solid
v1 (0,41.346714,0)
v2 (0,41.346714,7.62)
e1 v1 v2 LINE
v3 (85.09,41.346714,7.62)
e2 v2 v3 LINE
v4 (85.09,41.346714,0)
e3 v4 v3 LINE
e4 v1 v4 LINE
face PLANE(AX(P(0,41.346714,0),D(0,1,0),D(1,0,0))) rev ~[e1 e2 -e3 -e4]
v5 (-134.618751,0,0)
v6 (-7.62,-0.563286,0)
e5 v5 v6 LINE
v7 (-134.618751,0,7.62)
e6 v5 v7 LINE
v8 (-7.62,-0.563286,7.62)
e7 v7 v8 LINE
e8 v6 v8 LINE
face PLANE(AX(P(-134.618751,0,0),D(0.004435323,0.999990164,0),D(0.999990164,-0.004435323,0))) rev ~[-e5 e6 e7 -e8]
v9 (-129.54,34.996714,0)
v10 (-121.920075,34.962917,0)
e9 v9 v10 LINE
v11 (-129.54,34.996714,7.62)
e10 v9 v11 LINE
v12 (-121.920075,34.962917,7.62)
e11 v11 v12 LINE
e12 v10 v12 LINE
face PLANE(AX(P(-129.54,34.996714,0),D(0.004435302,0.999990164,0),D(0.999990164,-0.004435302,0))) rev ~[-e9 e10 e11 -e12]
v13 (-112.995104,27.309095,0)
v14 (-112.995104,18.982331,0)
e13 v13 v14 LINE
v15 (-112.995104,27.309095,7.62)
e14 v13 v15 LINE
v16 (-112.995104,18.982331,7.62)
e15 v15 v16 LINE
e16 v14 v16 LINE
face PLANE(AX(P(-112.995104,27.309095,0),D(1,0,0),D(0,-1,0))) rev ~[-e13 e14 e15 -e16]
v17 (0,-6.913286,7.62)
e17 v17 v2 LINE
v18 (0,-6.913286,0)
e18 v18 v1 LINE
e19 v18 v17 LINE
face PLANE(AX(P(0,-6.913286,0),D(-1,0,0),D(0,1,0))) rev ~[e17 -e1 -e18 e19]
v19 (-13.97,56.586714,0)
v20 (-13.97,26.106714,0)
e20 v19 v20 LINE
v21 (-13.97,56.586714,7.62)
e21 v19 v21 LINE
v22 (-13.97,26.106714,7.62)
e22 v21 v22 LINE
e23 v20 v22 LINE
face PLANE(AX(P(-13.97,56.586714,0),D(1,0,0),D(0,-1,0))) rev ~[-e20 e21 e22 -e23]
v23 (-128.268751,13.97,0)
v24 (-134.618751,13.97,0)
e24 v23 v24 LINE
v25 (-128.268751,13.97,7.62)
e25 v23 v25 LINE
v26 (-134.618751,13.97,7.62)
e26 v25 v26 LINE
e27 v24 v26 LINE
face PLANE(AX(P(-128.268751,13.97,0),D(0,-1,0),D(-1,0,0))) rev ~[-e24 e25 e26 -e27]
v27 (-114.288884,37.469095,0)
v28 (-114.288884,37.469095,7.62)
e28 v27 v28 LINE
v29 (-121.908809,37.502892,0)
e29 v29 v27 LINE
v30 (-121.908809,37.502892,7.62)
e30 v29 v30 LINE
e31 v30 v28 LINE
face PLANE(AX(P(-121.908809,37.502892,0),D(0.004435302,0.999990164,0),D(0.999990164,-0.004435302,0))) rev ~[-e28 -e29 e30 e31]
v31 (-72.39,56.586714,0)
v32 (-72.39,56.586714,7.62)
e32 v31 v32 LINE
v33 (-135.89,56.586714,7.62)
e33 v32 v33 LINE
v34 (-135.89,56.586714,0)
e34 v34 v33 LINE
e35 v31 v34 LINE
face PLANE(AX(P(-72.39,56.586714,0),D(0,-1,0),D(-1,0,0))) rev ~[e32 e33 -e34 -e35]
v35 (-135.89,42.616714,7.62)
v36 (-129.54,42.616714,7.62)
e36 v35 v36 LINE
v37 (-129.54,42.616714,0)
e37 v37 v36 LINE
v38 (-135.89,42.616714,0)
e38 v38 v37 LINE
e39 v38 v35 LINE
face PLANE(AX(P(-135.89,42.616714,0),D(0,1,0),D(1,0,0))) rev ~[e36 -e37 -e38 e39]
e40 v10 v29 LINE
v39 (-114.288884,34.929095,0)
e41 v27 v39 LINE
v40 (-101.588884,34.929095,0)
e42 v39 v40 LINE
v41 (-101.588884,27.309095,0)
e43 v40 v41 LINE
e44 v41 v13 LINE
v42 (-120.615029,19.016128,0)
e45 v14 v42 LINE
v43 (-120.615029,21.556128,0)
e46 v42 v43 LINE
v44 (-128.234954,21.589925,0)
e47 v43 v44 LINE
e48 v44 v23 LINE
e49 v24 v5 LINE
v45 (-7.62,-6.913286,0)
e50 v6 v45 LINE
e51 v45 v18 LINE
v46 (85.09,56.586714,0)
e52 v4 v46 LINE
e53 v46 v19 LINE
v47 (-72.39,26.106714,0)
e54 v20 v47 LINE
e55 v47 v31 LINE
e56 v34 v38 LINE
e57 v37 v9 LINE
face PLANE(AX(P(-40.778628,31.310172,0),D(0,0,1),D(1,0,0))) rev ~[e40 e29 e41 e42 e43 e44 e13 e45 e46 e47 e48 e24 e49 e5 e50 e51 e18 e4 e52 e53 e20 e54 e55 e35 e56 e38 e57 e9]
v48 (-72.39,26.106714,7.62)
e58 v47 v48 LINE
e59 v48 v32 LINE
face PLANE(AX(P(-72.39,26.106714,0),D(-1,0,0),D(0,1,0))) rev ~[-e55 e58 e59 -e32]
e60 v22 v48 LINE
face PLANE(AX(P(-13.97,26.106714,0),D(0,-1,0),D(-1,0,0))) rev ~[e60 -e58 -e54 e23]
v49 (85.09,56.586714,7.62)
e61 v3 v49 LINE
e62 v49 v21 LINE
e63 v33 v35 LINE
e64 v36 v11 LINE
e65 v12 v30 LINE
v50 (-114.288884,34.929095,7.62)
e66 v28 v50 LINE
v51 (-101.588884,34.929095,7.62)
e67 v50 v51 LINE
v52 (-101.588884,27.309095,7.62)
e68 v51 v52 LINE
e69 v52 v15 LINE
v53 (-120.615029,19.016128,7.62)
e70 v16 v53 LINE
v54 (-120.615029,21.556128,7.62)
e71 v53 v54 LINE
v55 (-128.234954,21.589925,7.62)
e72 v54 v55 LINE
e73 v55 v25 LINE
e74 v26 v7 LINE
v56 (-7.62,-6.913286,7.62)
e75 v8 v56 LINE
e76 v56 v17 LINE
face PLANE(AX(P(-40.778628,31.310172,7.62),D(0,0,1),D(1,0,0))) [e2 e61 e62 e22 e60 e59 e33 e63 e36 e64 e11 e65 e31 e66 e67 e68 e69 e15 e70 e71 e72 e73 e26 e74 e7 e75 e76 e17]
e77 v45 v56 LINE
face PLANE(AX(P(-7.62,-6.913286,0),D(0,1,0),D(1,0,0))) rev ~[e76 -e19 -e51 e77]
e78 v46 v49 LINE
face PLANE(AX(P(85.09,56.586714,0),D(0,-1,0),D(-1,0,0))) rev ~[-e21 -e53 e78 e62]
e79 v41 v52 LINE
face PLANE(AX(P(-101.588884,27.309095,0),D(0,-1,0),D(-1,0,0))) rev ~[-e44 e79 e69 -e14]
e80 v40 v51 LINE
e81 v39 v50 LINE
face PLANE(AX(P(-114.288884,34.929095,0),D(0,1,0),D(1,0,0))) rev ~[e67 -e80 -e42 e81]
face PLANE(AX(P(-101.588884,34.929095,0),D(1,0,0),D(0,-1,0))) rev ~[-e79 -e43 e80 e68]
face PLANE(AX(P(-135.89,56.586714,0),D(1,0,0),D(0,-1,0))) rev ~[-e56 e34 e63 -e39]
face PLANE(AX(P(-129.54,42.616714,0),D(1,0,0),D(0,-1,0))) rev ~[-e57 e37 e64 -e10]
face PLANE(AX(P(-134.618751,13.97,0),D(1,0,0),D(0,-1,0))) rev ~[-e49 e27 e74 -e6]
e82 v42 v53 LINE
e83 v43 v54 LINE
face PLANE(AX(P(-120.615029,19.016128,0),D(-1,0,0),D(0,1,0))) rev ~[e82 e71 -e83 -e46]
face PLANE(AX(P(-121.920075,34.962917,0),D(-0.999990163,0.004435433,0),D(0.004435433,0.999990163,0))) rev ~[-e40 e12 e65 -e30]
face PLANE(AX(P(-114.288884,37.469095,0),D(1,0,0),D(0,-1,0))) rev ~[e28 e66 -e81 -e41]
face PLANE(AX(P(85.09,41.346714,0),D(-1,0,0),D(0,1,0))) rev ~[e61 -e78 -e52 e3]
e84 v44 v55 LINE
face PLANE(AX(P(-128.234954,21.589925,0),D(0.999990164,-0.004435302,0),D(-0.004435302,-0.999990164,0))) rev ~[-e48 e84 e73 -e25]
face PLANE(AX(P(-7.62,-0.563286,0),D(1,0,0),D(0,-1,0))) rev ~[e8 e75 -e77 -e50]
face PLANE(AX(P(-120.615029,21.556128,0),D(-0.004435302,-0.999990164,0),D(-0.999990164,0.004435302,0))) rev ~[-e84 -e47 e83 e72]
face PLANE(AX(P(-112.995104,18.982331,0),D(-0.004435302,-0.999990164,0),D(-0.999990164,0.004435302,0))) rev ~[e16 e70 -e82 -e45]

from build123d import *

# Parameters (mm, degrees)
F1_DEPTH = 7.62


with BuildPart() as f1:
    # F0 (on Top) → F1 (new body)
    with BuildSketch(Plane.XY):
        Polygon((-72.39, 56.586714), (-135.89, 56.586714), (-135.89, 42.616714), (-129.54, 42.616714), (-129.54, 34.996714), (-121.920075, 34.962917), (-121.908809, 37.502892), (-114.288884, 37.469095), (-114.288884, 34.929095), (-101.588884, 34.929095), (-101.588884, 27.309095), (-112.995104, 27.309095), (-112.995104, 21.522331), (-112.995104, 18.982331), (-120.615029, 19.016128), (-120.615029, 21.556128), (-128.234954, 21.589925), (-128.268751, 13.97), (-134.618751, 13.97), (-134.618751, 0), (-7.62, -0.563286), (-7.62, -6.913286), (0, -6.913286), (0, 41.346714), (85.09, 41.346714), (85.09, 56.586714), (-13.97, 56.586714), (-13.97, 26.106714), (-72.39, 26.106714), align=None)
    extrude(amount=F1_DEPTH)


solid = f1.part
